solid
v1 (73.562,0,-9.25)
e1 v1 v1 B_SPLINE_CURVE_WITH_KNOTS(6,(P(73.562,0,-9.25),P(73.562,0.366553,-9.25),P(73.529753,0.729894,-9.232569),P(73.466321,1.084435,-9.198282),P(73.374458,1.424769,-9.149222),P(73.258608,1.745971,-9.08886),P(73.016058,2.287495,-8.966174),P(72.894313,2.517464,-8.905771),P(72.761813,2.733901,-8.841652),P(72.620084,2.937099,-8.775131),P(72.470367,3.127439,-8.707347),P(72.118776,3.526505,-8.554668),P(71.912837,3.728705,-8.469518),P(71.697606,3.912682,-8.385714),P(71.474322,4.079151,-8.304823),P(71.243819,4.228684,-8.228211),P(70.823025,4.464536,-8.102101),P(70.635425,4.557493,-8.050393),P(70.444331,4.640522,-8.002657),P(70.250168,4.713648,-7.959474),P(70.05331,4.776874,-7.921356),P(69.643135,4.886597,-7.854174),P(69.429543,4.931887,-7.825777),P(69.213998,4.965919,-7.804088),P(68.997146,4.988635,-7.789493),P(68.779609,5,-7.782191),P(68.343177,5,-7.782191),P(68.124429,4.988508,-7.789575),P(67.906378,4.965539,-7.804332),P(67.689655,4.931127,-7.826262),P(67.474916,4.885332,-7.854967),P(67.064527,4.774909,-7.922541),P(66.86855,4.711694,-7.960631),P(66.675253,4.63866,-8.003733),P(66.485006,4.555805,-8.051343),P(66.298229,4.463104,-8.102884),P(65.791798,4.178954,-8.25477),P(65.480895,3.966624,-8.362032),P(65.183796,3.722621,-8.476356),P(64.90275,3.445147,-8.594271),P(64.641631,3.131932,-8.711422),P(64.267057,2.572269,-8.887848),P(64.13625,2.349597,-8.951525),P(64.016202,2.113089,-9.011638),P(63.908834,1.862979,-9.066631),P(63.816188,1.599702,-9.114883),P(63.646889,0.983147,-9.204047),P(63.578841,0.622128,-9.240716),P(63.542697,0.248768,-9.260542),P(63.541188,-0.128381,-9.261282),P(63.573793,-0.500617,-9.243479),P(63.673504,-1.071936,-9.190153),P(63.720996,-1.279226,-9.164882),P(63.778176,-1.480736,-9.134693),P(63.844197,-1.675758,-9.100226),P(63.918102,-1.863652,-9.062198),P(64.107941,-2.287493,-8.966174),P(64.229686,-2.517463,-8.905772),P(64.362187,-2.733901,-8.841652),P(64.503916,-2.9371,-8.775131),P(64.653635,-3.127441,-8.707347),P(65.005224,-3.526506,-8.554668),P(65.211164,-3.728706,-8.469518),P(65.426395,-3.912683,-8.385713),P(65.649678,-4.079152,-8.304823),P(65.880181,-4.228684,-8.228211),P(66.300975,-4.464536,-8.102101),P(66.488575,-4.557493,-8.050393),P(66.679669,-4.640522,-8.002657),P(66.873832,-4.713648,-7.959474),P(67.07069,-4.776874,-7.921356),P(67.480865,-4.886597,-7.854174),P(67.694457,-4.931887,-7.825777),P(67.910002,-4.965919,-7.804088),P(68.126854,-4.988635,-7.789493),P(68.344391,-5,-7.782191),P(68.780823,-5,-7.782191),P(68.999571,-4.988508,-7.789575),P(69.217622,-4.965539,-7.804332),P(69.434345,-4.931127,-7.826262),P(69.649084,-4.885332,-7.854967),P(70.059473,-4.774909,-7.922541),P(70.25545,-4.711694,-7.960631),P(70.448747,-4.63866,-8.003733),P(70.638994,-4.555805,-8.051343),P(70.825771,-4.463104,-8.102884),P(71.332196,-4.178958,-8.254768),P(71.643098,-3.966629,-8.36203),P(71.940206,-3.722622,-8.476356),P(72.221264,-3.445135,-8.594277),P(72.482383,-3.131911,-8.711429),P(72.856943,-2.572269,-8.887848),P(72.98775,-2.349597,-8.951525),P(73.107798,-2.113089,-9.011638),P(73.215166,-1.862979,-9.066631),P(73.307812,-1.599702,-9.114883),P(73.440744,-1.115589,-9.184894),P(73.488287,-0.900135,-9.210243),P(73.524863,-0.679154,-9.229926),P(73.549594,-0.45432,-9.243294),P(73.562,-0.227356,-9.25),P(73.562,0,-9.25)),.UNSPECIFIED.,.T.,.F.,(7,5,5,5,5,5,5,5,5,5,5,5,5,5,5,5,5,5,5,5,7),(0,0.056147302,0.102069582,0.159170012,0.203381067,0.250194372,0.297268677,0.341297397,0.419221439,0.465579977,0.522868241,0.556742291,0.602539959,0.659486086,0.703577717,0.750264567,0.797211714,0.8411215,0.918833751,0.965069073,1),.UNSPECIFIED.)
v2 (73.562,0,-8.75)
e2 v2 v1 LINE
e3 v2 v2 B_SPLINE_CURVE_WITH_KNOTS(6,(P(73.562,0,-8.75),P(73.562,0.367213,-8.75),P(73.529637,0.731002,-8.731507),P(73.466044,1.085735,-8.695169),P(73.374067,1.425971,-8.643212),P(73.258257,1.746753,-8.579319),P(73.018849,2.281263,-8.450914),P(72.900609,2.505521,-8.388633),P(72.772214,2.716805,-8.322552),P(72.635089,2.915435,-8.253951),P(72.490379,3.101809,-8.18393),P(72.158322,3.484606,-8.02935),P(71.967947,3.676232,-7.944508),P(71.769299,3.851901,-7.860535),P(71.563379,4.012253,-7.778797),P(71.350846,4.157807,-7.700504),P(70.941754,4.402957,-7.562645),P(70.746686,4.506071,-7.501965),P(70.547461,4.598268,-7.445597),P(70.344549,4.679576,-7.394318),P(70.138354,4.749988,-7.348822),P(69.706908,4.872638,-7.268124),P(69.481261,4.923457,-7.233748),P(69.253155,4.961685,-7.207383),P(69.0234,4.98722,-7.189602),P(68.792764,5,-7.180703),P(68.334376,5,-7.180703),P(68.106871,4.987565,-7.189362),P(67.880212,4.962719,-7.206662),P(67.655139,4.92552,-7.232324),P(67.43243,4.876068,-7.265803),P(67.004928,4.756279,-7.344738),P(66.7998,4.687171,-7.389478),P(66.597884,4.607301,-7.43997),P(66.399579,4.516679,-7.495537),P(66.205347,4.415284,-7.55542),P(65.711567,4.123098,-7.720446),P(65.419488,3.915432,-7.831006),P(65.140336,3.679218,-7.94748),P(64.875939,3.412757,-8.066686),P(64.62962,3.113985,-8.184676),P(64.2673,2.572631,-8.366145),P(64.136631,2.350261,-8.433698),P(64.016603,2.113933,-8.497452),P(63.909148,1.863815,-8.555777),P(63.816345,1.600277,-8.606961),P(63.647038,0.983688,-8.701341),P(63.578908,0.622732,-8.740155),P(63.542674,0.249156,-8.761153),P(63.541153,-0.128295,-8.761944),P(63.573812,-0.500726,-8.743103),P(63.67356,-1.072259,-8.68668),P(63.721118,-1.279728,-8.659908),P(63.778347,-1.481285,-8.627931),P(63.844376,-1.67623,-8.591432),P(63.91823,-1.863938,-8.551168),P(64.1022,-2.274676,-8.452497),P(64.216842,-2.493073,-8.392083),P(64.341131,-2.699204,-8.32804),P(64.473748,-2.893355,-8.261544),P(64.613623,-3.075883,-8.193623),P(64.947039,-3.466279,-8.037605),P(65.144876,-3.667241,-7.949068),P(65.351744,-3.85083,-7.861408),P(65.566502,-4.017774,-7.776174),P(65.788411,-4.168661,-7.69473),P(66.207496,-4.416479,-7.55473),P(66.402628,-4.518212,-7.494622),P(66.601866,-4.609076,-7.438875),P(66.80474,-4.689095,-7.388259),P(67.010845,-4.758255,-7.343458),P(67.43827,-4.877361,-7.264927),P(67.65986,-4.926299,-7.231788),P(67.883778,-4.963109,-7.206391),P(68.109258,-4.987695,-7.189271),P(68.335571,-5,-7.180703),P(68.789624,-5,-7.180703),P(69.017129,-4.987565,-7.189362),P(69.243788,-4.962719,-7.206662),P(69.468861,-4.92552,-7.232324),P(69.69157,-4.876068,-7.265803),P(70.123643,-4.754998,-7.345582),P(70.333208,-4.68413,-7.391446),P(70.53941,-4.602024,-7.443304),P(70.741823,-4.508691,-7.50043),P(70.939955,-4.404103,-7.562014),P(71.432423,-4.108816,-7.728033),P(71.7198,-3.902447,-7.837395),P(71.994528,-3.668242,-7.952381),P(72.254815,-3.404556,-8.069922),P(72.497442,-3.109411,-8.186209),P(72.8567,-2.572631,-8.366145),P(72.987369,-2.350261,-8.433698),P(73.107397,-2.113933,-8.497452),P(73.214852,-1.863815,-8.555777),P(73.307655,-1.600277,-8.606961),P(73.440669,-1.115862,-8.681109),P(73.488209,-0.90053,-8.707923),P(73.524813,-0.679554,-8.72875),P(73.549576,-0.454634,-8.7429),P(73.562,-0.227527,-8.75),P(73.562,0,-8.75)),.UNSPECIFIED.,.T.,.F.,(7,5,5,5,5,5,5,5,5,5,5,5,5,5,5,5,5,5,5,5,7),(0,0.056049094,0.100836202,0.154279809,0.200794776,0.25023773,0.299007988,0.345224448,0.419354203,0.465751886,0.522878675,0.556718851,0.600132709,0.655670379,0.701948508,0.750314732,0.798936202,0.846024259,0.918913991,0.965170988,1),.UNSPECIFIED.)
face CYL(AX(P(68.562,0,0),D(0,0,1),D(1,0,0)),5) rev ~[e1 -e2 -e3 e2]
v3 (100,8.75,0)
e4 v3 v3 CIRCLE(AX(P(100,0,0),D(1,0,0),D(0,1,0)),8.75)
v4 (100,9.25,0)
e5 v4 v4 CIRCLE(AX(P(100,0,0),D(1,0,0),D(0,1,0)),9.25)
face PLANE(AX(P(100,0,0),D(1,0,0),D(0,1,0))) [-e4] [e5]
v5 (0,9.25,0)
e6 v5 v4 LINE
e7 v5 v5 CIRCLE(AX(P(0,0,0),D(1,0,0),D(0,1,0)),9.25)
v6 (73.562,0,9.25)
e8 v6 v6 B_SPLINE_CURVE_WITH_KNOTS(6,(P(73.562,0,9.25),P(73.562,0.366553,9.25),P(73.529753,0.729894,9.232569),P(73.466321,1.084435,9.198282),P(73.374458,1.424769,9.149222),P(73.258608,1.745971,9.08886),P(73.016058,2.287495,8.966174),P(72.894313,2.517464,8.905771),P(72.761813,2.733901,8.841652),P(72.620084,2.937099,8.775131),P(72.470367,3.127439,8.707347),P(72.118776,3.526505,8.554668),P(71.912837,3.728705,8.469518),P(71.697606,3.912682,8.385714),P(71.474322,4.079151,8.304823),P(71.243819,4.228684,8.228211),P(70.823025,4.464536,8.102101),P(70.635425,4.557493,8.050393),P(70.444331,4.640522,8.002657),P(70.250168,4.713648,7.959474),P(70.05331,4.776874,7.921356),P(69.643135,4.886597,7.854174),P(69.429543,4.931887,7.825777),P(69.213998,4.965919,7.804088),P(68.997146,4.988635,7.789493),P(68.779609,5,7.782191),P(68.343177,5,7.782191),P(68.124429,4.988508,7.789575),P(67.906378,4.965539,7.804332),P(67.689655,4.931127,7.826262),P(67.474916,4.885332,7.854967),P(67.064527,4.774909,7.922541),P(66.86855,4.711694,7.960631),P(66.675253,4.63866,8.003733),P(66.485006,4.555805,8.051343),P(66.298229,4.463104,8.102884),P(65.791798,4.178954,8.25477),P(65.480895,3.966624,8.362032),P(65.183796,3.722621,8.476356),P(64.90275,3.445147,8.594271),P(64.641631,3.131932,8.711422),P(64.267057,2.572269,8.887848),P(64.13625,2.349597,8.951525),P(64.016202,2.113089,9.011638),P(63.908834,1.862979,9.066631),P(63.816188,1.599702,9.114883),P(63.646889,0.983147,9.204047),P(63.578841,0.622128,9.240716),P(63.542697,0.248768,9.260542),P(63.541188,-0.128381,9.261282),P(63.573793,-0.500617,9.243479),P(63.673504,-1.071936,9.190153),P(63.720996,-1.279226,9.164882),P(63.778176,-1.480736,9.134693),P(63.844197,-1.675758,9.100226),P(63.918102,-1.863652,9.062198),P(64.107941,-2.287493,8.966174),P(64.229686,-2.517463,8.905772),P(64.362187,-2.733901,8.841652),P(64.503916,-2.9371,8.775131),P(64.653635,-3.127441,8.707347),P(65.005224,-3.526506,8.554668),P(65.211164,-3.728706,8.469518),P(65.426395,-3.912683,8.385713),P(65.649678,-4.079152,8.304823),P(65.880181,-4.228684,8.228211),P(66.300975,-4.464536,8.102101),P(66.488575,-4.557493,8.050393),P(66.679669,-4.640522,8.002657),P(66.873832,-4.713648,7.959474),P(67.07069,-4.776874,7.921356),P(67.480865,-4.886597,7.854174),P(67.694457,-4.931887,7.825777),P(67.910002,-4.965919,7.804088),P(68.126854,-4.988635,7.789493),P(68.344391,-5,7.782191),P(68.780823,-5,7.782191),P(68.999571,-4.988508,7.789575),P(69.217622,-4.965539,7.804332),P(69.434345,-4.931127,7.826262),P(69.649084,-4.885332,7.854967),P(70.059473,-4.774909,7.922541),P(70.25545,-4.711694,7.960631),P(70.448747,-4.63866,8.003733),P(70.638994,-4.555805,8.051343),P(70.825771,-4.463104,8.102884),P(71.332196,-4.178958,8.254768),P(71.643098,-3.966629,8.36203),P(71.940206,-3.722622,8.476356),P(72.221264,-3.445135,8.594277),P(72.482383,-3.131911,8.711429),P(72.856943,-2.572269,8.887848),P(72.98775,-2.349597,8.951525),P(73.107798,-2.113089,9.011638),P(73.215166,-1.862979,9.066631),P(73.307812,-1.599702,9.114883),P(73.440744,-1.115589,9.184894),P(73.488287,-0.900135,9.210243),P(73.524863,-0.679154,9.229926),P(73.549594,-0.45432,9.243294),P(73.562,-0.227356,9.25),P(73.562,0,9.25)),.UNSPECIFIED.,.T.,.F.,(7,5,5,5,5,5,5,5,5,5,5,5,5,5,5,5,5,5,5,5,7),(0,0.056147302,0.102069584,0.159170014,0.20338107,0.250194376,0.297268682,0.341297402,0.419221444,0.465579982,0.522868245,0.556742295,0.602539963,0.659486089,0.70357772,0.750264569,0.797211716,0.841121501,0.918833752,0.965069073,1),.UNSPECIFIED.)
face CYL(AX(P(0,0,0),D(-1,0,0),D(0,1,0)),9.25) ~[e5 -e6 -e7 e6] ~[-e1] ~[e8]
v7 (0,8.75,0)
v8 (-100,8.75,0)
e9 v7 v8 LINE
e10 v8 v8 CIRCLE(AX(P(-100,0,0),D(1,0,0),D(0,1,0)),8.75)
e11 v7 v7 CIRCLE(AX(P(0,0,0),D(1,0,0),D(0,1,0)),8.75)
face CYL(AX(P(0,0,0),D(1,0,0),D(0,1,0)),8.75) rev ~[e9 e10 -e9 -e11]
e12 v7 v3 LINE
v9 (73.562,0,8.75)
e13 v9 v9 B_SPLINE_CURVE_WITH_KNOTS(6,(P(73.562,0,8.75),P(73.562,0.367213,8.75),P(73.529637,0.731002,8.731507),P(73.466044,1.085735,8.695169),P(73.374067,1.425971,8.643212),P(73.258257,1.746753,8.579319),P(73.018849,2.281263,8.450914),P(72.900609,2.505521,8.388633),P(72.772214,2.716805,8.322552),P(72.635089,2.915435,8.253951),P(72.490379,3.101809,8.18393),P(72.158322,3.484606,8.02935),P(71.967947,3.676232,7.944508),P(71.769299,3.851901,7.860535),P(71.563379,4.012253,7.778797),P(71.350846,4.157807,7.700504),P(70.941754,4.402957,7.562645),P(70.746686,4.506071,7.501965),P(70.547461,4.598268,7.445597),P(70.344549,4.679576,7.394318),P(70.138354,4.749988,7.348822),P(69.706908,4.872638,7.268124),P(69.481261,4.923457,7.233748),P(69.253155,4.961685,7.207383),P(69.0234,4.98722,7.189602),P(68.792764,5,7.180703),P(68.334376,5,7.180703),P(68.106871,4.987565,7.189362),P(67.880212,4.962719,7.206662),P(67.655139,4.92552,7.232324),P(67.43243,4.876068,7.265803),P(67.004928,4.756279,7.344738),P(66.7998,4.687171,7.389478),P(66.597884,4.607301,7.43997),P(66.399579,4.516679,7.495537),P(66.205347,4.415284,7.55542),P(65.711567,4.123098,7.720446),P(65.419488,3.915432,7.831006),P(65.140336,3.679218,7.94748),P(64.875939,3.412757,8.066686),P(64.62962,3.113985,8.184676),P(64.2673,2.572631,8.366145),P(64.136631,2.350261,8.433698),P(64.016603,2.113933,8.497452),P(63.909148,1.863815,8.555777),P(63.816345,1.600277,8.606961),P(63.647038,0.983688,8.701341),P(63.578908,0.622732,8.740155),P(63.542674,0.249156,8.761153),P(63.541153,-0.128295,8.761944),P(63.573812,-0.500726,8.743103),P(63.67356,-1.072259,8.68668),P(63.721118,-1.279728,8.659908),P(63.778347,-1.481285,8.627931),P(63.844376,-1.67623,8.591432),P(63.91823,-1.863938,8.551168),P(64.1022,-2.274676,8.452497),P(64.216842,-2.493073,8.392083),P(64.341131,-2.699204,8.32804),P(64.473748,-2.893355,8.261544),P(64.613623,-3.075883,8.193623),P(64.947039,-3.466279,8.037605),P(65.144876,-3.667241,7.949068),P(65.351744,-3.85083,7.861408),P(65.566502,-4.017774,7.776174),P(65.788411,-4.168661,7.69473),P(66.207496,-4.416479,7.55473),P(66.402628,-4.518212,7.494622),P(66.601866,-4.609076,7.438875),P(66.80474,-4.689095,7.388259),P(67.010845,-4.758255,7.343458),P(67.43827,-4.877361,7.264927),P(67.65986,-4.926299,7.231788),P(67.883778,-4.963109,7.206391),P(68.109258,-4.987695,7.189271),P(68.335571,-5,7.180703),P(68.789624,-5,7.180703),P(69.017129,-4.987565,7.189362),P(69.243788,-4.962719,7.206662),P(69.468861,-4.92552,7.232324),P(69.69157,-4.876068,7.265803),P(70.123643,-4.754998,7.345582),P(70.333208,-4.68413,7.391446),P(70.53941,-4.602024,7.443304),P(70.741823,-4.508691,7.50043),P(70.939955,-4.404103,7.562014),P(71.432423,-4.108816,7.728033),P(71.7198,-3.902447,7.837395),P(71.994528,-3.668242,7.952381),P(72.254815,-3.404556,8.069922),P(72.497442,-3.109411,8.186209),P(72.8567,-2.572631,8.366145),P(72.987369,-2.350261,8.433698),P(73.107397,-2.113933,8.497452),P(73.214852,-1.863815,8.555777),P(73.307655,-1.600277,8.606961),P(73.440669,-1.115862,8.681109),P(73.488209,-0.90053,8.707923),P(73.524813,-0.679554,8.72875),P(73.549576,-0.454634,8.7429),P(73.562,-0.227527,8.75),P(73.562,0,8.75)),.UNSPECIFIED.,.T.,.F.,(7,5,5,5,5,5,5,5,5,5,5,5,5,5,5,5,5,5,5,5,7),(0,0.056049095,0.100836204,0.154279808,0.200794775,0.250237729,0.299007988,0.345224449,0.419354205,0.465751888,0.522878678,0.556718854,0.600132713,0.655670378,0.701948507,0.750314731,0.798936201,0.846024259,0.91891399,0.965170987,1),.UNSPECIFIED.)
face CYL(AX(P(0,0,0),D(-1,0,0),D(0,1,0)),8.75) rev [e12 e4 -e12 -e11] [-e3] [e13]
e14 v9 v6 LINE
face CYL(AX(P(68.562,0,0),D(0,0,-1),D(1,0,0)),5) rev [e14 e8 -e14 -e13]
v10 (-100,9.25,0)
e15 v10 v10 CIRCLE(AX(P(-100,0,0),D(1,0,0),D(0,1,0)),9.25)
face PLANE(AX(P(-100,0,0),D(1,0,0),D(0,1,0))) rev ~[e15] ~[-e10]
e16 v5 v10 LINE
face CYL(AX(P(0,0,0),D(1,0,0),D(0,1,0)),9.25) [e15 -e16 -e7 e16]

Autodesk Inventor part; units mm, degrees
ref_plane "YZ Plane" through (0, 0, 0) normal (1, 0, 0) x (0, 1, 0)
ref_plane "XZ Plane" through (0, 0, 0) normal (0, 1, 0) x (-1, 0, 0)
ref_plane "XY Plane" through (0, 0, 0) normal (0, 0, 1) x (1, 0, 0)
sketch "Sketch1" plane through (0, 0, 0) normal (1, 0, 0) x (0, 1, 0)
  circle A0 centre (0, 0) radius 9.25
  circle A1 centre (0, 0) radius 8.75
  dimension "d0" = 18.5
  dimension "d1" = 17.5
extrude "Extrusion1" add sketch "Sketch1" along normal mid plane 200
sketch "Sketch2" plane through (0, 0, 0) normal (0, 0, 1) x (1, 0, 0)
  circle A0 centre (68.562, 0) radius 5
  point P0 (0, 0)
  dimension "d4" = 10
extrude "Extrusion2" cut sketch "Sketch2" along normal through all both and the other way through all
properties part number "tube"
